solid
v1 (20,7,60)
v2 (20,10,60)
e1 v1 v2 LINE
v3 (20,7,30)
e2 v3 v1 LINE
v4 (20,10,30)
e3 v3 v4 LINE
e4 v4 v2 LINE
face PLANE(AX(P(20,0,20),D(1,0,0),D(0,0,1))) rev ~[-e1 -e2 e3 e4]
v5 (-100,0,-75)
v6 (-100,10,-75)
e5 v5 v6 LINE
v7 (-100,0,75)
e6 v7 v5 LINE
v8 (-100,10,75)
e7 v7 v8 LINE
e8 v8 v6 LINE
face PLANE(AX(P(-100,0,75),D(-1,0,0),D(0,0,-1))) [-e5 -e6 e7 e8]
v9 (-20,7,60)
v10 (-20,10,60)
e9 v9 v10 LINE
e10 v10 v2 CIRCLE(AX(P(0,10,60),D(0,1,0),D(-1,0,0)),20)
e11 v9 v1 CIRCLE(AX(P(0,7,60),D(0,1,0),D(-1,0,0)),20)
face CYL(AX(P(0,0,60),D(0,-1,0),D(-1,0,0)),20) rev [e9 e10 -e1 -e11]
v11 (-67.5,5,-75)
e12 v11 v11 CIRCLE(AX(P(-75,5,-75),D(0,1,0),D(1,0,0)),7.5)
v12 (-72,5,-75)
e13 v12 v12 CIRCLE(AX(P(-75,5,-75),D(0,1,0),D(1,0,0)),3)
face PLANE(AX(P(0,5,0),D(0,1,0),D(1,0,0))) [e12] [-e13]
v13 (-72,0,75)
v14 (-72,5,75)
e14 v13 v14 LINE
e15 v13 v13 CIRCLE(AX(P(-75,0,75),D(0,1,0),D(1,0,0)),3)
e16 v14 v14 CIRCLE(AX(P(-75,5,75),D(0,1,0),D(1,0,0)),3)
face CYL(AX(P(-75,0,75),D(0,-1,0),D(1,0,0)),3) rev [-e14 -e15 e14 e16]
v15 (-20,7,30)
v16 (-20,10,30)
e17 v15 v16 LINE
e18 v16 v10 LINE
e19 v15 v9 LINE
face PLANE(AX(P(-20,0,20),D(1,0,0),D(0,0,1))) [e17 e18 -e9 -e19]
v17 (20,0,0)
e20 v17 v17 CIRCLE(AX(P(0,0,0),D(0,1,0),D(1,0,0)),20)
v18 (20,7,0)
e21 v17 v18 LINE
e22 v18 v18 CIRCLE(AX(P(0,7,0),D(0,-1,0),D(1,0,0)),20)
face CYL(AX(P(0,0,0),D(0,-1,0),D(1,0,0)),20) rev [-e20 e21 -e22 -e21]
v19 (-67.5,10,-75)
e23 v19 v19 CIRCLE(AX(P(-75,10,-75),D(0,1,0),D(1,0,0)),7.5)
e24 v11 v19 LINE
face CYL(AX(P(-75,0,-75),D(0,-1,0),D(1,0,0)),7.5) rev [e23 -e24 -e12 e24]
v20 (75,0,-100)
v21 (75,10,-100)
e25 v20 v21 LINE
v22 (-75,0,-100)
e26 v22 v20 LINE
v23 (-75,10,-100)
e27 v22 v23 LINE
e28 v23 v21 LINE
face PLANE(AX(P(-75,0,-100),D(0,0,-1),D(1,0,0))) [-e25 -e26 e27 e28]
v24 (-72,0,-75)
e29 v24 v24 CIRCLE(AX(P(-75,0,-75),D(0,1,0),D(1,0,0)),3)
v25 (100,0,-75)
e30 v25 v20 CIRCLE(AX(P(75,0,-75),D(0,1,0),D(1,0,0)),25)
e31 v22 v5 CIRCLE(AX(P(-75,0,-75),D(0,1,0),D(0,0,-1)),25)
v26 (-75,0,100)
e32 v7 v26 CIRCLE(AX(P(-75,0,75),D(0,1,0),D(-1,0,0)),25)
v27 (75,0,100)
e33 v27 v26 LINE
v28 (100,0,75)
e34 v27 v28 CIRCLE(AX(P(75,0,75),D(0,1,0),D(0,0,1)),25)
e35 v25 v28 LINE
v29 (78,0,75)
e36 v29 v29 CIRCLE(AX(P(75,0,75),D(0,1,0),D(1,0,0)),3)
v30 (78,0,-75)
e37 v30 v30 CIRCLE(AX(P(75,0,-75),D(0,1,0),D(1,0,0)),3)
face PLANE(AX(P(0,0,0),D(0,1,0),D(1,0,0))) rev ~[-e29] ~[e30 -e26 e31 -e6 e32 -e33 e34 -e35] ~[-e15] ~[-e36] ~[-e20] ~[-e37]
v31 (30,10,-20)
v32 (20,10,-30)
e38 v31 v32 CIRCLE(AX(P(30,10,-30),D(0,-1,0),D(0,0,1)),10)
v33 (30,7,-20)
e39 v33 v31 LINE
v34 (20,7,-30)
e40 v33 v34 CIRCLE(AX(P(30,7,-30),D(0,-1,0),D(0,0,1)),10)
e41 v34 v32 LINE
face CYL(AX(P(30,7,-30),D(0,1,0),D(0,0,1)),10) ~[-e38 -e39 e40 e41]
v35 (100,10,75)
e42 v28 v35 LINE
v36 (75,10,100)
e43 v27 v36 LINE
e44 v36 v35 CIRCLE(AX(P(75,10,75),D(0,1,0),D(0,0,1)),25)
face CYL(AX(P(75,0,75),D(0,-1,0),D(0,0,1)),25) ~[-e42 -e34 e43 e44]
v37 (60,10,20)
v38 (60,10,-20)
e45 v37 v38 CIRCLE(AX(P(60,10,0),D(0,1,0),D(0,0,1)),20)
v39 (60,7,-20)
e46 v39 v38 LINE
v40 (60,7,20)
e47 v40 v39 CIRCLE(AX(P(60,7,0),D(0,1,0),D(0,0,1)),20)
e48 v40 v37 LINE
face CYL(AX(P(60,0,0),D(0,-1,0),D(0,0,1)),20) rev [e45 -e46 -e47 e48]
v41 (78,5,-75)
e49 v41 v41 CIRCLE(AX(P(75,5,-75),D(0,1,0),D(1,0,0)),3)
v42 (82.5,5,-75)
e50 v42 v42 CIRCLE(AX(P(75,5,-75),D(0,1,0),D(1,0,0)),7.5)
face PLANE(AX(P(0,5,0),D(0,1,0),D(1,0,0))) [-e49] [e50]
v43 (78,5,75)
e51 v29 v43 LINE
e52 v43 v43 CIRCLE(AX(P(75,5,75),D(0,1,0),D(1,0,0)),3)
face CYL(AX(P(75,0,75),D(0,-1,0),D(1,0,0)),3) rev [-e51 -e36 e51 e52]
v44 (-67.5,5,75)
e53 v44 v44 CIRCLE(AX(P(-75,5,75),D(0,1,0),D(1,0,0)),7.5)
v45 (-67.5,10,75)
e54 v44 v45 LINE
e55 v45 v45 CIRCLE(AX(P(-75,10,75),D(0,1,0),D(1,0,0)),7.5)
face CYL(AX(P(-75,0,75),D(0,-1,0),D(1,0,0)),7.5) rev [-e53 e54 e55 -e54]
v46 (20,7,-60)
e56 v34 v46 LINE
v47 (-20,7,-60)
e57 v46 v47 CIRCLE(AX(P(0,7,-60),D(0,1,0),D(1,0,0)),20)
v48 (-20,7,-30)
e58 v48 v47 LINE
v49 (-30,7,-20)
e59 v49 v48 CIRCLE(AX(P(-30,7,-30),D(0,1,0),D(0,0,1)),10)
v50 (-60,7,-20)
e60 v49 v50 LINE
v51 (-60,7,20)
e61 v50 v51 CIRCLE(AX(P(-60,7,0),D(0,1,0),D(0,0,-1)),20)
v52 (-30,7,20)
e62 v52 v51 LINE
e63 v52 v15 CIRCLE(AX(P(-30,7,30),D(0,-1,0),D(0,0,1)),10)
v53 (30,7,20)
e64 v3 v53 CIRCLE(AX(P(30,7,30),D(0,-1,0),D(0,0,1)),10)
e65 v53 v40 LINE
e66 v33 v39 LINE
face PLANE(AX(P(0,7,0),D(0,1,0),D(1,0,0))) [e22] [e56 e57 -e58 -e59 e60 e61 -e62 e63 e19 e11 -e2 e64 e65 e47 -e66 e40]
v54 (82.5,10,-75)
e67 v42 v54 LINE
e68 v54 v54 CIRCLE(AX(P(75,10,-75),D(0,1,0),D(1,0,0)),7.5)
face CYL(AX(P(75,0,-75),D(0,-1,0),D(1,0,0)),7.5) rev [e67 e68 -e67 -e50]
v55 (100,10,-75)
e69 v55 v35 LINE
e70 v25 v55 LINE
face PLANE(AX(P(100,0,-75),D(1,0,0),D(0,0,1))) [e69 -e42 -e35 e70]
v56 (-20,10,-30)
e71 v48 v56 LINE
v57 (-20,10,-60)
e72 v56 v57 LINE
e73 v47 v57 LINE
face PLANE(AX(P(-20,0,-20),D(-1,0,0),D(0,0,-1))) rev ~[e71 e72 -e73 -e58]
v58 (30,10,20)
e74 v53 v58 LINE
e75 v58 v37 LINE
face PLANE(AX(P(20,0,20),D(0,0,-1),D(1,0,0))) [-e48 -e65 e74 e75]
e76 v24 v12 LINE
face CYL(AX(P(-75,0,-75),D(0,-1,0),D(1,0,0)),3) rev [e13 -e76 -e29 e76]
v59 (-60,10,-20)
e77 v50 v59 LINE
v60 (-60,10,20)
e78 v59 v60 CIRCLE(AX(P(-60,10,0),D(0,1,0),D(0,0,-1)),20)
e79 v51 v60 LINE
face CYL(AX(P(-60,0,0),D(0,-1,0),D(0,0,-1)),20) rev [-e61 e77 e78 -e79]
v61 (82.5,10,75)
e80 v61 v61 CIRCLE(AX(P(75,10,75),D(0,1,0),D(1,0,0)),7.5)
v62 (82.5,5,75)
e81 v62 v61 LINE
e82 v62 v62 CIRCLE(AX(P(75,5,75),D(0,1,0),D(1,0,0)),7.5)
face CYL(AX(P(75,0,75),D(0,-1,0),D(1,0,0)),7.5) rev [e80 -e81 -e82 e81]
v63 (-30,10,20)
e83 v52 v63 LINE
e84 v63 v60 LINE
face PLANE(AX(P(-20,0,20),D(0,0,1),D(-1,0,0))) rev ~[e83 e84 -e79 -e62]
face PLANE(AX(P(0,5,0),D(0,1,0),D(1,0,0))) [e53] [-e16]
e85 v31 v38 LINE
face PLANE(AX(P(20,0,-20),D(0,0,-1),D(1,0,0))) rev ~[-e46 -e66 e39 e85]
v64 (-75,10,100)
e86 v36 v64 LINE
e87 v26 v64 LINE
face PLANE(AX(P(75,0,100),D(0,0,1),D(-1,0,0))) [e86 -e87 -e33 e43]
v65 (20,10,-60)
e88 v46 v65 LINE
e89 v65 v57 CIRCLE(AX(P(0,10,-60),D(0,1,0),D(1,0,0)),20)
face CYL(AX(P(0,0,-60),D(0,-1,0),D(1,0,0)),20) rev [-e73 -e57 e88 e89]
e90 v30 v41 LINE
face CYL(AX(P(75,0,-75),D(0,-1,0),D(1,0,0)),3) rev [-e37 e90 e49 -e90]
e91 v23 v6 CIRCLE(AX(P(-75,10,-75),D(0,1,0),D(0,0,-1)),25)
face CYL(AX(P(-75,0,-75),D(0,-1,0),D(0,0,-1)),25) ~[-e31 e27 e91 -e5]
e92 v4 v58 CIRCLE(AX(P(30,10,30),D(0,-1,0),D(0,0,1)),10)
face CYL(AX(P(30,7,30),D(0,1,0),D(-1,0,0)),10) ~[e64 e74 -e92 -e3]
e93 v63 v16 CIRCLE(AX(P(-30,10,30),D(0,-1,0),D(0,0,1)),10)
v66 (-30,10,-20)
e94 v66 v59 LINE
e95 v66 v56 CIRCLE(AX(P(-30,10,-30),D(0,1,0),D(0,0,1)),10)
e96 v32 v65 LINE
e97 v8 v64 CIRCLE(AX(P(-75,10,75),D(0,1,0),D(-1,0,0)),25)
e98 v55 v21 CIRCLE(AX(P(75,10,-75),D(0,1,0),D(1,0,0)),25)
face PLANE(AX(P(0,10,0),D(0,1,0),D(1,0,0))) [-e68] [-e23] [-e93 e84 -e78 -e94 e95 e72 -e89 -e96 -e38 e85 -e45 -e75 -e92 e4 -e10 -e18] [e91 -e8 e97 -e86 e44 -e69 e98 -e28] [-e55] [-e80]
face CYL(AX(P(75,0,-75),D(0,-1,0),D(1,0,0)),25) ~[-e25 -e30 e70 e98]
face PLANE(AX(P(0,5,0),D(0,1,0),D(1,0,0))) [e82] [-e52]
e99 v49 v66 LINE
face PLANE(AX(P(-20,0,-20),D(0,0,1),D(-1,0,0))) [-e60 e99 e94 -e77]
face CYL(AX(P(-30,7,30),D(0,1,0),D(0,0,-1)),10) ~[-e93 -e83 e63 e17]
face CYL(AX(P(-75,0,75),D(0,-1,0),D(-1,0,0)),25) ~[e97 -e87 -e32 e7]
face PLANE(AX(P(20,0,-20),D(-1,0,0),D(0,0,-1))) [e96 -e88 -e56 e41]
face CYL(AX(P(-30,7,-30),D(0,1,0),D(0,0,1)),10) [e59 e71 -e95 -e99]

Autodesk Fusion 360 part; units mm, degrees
sketch "Boceto1" plane through (0, 0, 0) normal (0, 1, 0) x (1, 0, 0)
  line L0 (-75, 100) -> (75, 100)
  line L1 (100, 75) -> (100, -75)
  line L2 (75, -100) -> (-75, -100)
  line L3 (-100, -75) -> (-100, 75)
  line L4 (-100, 100) -> (100, -100) construction
  line L5 (100, 100) -> (-100, -100) construction
  arc A0 (-75, 100) -> (-100, 75) centre (-75, 75) ccw
  arc A1 (-100, -75) -> (-75, -100) centre (-75, -75) ccw
  arc A2 (75, -100) -> (100, -75) centre (75, -75) ccw
  arc A3 (100, 75) -> (75, 100) centre (75, 75) ccw
  circle A4 centre (-75, 75) radius 3
  circle A5 centre (75, 75) radius 3
  circle A6 centre (-75, -75) radius 3
  circle A7 centre (75, -75) radius 3
  circle A8 centre (-75, 75) radius 7.5
  circle A9 centre (75, 75) radius 7.5
  circle A10 centre (-75, -75) radius 7.5
  circle A11 centre (75, -75) radius 7.5
  line L6 (0, 0) -> (0, 60)
  line L7 (20, 0) -> (20, 60)
  line L8 (-20, 0) -> (-20, 60)
  line L9 (0, -20) -> (-60, -20)
  line L10 (0, 0) -> (-60, 0)
  line L11 (0, 20) -> (-60, 20)
  line L12 (20, 0) -> (20, -60)
  line L13 (0, 0) -> (0, -60)
  line L14 (-20, 0) -> (-20, -60)
  line L15 (0, 20) -> (60, 20)
  line L16 (0, 0) -> (60, 0)
  line L17 (0, -20) -> (60, -20)
  arc A12 (20, 60) -> (-20, 60) centre (0, 60) ccw
  arc A13 (-60, 20) -> (-60, -20) centre (-60, 0) ccw
  arc A14 (-20, -60) -> (20, -60) centre (0, -60) ccw
  arc A15 (60, -20) -> (60, 20) centre (60, 0) ccw
  circle A16 centre (0, 0) radius 20
  dimension "d1" = 200
  dimension "d2" = 200
  dimension "d3" = 25
  dimension "d4" = 6
  dimension "d5" = 6
  dimension "d6" = 6
  dimension "d7" = 6
  dimension "d8" = 15
  dimension "d9" = 15
  dimension "d10" = 15
  dimension "d11" = 15
  dimension "d12" = 60
  dimension "d13" = 20
  dimension "d14" = -20
  dimension "d16" = 360
  dimension "d18" = 360
  dimension "d25" = 40
extrude "Extruir1" add sketch "Boceto1" along normal blind 10 contours L0 L1 L2 L3 A0 A1 A2 A3
extrude "Extruir2" add sketch "Boceto1" along normal blind 7 contours L6 L10 A16 | L10 L13 A16 | L13 L16 A16 | L6 L16 A16 | L8 L11 A16 | L7 L8 L11 L15 A12 | L7 L15 A16 | L8 L9 L11 L14 A13 | L9 L14 A16 | L9 L12 L14 L17 A14 | L12 L17 A16 | L7 L12 L15 L17 A15
extrude "Extruir3" add sketch "Boceto1" along normal blind 5 contours A8 | A9 | A10 | A11
extrude "Extruir4" cut sketch "Boceto1" along normal blind 40 contours L6 L10 A16 | L10 L13 A16 | L13 L16 A16 | L6 L16 A16
fillet "Empalme1" radius 10 4 edges at (-20, 8.5, -20) (20, 8.5, -20) (-20, 8.5, 20) (20, 8.5, 20)
